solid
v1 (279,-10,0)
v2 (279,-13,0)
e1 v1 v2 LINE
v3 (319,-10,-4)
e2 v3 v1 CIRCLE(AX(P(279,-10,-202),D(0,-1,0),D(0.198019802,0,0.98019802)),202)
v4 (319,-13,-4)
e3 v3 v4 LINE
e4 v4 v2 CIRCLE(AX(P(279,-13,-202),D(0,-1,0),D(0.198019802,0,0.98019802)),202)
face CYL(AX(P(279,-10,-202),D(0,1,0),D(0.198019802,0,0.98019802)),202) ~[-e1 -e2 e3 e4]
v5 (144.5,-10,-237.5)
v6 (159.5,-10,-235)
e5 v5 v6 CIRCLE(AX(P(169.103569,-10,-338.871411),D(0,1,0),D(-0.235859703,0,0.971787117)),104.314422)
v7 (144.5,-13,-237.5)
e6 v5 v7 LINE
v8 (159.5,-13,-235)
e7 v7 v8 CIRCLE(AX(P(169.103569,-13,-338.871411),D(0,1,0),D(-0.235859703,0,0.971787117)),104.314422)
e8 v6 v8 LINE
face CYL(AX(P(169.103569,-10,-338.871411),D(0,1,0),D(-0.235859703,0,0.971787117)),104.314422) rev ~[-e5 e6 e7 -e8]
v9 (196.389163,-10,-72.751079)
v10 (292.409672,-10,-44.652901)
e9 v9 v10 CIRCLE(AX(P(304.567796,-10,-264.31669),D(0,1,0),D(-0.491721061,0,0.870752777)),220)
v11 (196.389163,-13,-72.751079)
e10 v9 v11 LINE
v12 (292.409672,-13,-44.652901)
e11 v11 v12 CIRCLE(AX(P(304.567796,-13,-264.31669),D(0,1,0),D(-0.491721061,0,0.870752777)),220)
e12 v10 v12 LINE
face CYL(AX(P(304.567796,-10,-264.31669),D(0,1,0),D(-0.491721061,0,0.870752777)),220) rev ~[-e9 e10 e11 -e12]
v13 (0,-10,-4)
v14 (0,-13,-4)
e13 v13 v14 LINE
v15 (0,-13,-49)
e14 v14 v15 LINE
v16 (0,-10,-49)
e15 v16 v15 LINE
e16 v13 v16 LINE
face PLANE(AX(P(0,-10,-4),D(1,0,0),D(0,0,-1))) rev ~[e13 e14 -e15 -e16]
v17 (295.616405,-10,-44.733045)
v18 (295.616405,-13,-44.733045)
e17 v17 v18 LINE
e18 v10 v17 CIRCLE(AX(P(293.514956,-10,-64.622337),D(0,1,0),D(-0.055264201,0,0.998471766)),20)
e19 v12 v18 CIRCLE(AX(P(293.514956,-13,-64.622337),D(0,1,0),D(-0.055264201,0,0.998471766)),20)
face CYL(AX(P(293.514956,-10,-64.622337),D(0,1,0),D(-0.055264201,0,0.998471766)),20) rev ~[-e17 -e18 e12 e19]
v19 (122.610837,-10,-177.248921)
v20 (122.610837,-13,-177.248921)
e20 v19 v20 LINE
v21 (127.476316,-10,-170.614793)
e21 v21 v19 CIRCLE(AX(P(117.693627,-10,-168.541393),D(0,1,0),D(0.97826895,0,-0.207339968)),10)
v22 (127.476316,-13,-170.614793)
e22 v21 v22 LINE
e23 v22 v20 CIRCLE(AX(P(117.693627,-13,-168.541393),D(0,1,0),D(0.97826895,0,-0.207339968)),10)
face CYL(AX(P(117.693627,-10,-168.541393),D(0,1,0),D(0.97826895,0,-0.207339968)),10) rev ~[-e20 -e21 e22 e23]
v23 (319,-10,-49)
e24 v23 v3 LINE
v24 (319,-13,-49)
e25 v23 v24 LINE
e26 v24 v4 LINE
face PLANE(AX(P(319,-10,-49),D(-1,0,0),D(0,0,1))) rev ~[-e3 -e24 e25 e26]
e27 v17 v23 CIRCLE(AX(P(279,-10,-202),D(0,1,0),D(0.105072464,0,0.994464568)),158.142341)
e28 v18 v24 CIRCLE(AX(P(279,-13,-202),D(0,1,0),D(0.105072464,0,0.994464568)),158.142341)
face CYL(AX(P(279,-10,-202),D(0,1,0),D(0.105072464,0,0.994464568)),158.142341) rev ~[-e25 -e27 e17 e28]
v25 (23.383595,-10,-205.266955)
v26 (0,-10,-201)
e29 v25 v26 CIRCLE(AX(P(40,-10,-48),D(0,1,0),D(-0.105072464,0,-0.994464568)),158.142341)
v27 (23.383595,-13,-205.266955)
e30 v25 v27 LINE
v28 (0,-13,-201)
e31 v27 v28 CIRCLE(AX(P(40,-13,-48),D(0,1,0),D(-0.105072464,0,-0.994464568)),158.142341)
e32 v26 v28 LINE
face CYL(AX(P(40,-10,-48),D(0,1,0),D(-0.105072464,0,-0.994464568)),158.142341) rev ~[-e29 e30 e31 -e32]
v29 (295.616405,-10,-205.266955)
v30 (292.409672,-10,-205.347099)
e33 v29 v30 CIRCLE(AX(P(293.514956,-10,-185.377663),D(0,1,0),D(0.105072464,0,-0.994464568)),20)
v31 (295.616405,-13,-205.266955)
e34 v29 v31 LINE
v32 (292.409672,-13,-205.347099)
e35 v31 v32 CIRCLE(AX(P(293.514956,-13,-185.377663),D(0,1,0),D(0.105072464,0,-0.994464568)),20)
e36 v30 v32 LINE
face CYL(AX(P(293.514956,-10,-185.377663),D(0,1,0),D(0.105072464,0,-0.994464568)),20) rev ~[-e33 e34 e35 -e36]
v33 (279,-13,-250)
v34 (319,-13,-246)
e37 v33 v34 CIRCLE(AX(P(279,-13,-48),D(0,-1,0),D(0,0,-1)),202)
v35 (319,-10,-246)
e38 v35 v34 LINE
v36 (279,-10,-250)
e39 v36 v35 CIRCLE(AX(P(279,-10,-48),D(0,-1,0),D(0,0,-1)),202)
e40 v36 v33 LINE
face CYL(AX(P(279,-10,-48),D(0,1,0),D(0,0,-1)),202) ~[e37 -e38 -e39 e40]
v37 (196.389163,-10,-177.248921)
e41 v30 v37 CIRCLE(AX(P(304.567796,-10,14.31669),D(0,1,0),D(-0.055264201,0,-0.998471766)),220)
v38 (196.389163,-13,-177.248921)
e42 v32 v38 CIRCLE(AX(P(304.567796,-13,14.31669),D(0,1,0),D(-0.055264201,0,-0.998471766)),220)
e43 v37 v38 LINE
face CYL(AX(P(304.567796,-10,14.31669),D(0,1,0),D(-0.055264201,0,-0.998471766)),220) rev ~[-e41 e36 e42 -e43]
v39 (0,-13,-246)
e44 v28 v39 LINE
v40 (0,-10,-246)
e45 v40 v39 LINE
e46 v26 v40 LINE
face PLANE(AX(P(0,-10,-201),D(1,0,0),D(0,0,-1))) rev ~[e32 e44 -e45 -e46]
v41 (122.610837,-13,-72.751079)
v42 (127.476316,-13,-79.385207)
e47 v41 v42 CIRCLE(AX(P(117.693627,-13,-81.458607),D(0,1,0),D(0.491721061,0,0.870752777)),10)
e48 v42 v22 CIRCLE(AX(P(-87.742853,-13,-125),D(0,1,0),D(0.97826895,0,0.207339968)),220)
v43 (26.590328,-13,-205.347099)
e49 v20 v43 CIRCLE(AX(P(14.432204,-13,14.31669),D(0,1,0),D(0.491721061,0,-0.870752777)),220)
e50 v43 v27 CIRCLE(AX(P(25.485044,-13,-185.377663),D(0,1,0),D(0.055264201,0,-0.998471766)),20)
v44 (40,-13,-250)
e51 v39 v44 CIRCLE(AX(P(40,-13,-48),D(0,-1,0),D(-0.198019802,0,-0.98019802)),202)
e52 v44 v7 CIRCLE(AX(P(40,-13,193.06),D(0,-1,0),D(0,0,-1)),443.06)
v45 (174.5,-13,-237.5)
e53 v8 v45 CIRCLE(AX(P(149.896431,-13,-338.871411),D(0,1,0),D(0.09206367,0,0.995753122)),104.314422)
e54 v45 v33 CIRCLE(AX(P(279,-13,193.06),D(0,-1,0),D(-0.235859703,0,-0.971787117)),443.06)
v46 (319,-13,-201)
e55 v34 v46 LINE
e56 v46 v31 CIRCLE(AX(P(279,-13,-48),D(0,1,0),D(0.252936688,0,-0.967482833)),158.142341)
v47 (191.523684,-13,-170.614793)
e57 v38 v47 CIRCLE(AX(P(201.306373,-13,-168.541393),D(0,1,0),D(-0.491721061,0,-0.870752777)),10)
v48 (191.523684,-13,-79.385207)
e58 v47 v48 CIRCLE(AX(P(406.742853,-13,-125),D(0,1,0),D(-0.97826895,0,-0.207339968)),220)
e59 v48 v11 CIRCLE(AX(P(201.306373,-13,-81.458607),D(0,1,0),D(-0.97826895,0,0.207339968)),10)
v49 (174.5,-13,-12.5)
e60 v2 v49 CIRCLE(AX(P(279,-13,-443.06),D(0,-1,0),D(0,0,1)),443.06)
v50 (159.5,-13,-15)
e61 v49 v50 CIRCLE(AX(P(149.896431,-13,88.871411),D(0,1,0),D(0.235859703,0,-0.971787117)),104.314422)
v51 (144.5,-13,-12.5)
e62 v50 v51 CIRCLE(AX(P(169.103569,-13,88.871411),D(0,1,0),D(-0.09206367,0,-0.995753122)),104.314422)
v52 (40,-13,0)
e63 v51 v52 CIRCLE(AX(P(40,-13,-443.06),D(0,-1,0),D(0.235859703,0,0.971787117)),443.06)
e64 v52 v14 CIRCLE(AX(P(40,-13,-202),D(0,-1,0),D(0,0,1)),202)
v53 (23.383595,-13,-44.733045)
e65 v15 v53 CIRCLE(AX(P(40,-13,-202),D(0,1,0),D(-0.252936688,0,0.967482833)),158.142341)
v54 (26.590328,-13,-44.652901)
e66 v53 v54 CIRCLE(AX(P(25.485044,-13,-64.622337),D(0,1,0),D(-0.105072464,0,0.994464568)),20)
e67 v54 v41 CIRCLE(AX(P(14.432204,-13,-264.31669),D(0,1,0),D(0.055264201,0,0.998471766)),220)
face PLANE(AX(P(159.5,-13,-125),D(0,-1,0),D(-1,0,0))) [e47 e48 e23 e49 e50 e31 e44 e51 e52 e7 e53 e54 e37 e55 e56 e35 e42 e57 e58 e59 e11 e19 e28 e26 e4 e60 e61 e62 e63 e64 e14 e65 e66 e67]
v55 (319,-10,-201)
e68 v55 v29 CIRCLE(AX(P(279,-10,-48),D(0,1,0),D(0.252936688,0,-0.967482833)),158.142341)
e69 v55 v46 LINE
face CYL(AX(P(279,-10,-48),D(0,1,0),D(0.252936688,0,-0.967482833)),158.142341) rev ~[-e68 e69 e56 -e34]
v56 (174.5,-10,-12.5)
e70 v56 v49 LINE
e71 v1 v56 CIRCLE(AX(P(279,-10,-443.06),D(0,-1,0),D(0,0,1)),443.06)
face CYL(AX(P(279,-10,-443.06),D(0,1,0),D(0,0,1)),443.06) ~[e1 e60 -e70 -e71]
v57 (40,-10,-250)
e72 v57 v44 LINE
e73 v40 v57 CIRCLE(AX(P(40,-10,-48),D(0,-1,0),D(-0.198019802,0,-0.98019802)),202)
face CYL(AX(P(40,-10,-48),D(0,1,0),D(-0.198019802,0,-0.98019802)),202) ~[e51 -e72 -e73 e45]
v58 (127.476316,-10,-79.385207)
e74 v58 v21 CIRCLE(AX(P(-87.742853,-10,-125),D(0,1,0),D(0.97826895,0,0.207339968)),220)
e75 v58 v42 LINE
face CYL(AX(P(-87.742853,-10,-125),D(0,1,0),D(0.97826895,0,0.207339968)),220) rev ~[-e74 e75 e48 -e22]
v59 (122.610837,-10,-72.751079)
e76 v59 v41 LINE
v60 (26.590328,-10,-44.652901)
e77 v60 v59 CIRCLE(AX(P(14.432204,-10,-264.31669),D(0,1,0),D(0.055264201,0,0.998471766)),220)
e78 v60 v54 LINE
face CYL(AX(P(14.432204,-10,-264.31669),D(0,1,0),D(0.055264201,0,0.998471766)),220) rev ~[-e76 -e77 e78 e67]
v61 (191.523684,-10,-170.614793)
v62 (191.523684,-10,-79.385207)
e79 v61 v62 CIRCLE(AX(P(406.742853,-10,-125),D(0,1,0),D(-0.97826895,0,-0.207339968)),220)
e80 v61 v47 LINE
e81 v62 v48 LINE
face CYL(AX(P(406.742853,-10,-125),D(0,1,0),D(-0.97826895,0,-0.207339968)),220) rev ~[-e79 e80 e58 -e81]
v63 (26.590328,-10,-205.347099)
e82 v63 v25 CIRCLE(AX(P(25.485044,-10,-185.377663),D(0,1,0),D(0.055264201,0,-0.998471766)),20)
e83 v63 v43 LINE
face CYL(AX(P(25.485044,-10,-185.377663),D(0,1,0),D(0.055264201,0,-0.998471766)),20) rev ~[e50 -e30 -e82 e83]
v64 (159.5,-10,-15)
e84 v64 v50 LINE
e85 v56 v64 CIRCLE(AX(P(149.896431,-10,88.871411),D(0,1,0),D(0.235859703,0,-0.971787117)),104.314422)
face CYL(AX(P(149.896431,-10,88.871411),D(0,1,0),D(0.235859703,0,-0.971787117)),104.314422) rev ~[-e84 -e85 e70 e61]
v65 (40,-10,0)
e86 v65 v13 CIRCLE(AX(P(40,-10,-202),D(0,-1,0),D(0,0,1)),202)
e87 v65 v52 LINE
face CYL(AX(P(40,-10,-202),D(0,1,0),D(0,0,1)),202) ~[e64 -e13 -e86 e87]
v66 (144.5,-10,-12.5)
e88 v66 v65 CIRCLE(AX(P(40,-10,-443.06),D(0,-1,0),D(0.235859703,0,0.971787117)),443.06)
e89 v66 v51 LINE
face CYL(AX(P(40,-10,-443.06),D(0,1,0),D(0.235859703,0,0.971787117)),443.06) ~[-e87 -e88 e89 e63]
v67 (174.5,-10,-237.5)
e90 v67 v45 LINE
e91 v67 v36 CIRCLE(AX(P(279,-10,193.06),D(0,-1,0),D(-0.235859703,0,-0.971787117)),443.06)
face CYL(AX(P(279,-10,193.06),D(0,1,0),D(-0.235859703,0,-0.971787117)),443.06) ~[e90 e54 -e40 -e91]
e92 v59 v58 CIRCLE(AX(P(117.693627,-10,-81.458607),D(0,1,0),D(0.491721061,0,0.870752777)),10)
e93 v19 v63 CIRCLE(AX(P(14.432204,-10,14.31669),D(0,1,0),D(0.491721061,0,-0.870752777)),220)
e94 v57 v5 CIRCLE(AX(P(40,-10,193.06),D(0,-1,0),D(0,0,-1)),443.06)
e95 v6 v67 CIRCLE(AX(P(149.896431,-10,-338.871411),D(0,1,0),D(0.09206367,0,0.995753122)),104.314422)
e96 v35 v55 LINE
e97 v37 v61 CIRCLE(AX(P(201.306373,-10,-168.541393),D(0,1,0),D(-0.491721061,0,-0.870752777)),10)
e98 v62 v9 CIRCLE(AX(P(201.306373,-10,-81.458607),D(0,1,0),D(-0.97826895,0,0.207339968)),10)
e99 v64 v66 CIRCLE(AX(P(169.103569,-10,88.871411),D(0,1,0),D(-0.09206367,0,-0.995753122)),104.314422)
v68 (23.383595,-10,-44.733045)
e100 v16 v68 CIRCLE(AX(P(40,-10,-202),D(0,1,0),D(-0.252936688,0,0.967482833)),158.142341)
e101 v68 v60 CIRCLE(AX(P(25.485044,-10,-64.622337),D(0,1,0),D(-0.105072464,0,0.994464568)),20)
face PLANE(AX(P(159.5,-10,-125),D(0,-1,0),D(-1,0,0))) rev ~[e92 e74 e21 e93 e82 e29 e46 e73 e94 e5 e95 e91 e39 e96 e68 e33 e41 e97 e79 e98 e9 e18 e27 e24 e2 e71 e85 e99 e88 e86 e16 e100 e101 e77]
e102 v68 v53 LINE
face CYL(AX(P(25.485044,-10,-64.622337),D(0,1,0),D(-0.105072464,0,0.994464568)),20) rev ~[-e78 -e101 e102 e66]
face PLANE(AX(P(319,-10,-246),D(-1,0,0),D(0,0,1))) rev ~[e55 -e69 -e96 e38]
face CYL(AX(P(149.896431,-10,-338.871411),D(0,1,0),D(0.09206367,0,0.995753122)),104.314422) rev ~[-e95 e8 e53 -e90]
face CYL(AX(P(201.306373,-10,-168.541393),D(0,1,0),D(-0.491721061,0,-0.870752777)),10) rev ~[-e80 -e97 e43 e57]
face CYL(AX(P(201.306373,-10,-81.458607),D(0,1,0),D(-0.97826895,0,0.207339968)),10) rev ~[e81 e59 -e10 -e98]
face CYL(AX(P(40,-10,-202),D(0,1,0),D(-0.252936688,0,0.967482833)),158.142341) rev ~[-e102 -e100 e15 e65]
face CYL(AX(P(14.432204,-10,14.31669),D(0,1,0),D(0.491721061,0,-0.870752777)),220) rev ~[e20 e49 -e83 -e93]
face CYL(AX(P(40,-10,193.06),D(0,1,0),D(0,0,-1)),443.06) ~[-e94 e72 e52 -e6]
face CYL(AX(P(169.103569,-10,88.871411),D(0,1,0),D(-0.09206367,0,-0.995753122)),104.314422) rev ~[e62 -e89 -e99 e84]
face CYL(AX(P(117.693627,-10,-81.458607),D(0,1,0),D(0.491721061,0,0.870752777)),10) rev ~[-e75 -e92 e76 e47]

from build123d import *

# Parameters (mm, degrees)
BOSS_EXTRUDE1_START = -10
BOSS_EXTRUDE1_DEPTH = 3


with BuildPart() as part:
    # Sketch1 → Boss-Extrude1 (new body)
    with BuildSketch(Plane(origin=(0, 0, 0), x_dir=(1, 0, 0), z_dir=(0, 1, 0)).offset(BOSS_EXTRUDE1_START)):
        with BuildLine():
            Line((319, 246), (319, 201))
            ThreePointArc((319, 201), (307.388484736, 203.573435825), (295.616405389, 205.2669548))
            ThreePointArc((295.616405389, 205.2669548), (294.01464809, 205.37142016), (292.409672101, 205.347098762))
            ThreePointArc((292.409672101, 205.347098762), (242.780979678, 196.828732334), (196.389162845, 177.248921069))
            ThreePointArc((196.389162845, 177.248921069), (193.242585284, 174.455386906), (191.523683958, 170.614792982))
            ThreePointArc((191.523683958, 170.614792982), (186.742852856, 125), (191.523683958, 79.385207018))
            ThreePointArc((191.523683958, 79.385207018), (193.242585284, 75.544613094), (196.389162845, 72.751078931))
            ThreePointArc((196.389162845, 72.751078931), (242.780979678, 53.171267666), (292.409672101, 44.652901238))
            ThreePointArc((292.409672101, 44.652901238), (294.01464809, 44.62857984), (295.616405389, 44.7330452))
            ThreePointArc((295.616405389, 44.7330452), (307.388484736, 46.426564175), (319, 49))
            Line((319, 49), (319, 4))
            ThreePointArc((319, 4), (299.099751242, 1.002487578), (279, 0))
            ThreePointArc((279, 0), (226.377523813, 3.136099081), (174.5, 12.5))
            ThreePointArc((174.5, 12.5), (167.04561677, 14.023700621), (159.5, 15))
            ThreePointArc((159.5, 15), (151.95438323, 14.023700621), (144.5, 12.5))
            ThreePointArc((144.5, 12.5), (92.622476187, 3.136099081), (40, 0))
            ThreePointArc((40, 0), (19.900248758, 1.002487578), (0, 4))
            Line((0, 4), (0, 49))
            ThreePointArc((0, 49), (11.611515264, 46.426564175), (23.383594611, 44.7330452))
            ThreePointArc((23.383594611, 44.7330452), (24.98535191, 44.62857984), (26.590327899, 44.652901238))
            ThreePointArc((26.590327899, 44.652901238), (76.219020322, 53.171267666), (122.610837155, 72.751078931))
            ThreePointArc((122.610837155, 72.751078931), (125.757414716, 75.544613094), (127.476316042, 79.385207018))
            ThreePointArc((127.476316042, 79.385207018), (132.257147144, 125), (127.476316042, 170.614792982))
            ThreePointArc((127.476316042, 170.614792982), (125.757414716, 174.455386906), (122.610837155, 177.248921069))
            ThreePointArc((122.610837155, 177.248921069), (76.219020322, 196.828732334), (26.590327899, 205.347098762))
            ThreePointArc((26.590327899, 205.347098762), (24.98535191, 205.37142016), (23.383594611, 205.2669548))
            ThreePointArc((23.383594611, 205.2669548), (11.611515264, 203.573435825), (0, 201))
            Line((0, 201), (0, 246))
            ThreePointArc((0, 246), (19.900248758, 248.997512422), (40, 250))
            ThreePointArc((40, 250), (92.622476187, 246.863900919), (144.5, 237.5))
            ThreePointArc((144.5, 237.5), (151.95438323, 235.976299379), (159.5, 235))
            ThreePointArc((159.5, 235), (167.04561677, 235.976299379), (174.5, 237.5))
            ThreePointArc((174.5, 237.5), (226.377523813, 246.863900919), (279, 250))
            ThreePointArc((279, 250), (299.099751242, 248.997512422), (319, 246))
        make_face()
    extrude(amount=-BOSS_EXTRUDE1_DEPTH)


solid = part.part
